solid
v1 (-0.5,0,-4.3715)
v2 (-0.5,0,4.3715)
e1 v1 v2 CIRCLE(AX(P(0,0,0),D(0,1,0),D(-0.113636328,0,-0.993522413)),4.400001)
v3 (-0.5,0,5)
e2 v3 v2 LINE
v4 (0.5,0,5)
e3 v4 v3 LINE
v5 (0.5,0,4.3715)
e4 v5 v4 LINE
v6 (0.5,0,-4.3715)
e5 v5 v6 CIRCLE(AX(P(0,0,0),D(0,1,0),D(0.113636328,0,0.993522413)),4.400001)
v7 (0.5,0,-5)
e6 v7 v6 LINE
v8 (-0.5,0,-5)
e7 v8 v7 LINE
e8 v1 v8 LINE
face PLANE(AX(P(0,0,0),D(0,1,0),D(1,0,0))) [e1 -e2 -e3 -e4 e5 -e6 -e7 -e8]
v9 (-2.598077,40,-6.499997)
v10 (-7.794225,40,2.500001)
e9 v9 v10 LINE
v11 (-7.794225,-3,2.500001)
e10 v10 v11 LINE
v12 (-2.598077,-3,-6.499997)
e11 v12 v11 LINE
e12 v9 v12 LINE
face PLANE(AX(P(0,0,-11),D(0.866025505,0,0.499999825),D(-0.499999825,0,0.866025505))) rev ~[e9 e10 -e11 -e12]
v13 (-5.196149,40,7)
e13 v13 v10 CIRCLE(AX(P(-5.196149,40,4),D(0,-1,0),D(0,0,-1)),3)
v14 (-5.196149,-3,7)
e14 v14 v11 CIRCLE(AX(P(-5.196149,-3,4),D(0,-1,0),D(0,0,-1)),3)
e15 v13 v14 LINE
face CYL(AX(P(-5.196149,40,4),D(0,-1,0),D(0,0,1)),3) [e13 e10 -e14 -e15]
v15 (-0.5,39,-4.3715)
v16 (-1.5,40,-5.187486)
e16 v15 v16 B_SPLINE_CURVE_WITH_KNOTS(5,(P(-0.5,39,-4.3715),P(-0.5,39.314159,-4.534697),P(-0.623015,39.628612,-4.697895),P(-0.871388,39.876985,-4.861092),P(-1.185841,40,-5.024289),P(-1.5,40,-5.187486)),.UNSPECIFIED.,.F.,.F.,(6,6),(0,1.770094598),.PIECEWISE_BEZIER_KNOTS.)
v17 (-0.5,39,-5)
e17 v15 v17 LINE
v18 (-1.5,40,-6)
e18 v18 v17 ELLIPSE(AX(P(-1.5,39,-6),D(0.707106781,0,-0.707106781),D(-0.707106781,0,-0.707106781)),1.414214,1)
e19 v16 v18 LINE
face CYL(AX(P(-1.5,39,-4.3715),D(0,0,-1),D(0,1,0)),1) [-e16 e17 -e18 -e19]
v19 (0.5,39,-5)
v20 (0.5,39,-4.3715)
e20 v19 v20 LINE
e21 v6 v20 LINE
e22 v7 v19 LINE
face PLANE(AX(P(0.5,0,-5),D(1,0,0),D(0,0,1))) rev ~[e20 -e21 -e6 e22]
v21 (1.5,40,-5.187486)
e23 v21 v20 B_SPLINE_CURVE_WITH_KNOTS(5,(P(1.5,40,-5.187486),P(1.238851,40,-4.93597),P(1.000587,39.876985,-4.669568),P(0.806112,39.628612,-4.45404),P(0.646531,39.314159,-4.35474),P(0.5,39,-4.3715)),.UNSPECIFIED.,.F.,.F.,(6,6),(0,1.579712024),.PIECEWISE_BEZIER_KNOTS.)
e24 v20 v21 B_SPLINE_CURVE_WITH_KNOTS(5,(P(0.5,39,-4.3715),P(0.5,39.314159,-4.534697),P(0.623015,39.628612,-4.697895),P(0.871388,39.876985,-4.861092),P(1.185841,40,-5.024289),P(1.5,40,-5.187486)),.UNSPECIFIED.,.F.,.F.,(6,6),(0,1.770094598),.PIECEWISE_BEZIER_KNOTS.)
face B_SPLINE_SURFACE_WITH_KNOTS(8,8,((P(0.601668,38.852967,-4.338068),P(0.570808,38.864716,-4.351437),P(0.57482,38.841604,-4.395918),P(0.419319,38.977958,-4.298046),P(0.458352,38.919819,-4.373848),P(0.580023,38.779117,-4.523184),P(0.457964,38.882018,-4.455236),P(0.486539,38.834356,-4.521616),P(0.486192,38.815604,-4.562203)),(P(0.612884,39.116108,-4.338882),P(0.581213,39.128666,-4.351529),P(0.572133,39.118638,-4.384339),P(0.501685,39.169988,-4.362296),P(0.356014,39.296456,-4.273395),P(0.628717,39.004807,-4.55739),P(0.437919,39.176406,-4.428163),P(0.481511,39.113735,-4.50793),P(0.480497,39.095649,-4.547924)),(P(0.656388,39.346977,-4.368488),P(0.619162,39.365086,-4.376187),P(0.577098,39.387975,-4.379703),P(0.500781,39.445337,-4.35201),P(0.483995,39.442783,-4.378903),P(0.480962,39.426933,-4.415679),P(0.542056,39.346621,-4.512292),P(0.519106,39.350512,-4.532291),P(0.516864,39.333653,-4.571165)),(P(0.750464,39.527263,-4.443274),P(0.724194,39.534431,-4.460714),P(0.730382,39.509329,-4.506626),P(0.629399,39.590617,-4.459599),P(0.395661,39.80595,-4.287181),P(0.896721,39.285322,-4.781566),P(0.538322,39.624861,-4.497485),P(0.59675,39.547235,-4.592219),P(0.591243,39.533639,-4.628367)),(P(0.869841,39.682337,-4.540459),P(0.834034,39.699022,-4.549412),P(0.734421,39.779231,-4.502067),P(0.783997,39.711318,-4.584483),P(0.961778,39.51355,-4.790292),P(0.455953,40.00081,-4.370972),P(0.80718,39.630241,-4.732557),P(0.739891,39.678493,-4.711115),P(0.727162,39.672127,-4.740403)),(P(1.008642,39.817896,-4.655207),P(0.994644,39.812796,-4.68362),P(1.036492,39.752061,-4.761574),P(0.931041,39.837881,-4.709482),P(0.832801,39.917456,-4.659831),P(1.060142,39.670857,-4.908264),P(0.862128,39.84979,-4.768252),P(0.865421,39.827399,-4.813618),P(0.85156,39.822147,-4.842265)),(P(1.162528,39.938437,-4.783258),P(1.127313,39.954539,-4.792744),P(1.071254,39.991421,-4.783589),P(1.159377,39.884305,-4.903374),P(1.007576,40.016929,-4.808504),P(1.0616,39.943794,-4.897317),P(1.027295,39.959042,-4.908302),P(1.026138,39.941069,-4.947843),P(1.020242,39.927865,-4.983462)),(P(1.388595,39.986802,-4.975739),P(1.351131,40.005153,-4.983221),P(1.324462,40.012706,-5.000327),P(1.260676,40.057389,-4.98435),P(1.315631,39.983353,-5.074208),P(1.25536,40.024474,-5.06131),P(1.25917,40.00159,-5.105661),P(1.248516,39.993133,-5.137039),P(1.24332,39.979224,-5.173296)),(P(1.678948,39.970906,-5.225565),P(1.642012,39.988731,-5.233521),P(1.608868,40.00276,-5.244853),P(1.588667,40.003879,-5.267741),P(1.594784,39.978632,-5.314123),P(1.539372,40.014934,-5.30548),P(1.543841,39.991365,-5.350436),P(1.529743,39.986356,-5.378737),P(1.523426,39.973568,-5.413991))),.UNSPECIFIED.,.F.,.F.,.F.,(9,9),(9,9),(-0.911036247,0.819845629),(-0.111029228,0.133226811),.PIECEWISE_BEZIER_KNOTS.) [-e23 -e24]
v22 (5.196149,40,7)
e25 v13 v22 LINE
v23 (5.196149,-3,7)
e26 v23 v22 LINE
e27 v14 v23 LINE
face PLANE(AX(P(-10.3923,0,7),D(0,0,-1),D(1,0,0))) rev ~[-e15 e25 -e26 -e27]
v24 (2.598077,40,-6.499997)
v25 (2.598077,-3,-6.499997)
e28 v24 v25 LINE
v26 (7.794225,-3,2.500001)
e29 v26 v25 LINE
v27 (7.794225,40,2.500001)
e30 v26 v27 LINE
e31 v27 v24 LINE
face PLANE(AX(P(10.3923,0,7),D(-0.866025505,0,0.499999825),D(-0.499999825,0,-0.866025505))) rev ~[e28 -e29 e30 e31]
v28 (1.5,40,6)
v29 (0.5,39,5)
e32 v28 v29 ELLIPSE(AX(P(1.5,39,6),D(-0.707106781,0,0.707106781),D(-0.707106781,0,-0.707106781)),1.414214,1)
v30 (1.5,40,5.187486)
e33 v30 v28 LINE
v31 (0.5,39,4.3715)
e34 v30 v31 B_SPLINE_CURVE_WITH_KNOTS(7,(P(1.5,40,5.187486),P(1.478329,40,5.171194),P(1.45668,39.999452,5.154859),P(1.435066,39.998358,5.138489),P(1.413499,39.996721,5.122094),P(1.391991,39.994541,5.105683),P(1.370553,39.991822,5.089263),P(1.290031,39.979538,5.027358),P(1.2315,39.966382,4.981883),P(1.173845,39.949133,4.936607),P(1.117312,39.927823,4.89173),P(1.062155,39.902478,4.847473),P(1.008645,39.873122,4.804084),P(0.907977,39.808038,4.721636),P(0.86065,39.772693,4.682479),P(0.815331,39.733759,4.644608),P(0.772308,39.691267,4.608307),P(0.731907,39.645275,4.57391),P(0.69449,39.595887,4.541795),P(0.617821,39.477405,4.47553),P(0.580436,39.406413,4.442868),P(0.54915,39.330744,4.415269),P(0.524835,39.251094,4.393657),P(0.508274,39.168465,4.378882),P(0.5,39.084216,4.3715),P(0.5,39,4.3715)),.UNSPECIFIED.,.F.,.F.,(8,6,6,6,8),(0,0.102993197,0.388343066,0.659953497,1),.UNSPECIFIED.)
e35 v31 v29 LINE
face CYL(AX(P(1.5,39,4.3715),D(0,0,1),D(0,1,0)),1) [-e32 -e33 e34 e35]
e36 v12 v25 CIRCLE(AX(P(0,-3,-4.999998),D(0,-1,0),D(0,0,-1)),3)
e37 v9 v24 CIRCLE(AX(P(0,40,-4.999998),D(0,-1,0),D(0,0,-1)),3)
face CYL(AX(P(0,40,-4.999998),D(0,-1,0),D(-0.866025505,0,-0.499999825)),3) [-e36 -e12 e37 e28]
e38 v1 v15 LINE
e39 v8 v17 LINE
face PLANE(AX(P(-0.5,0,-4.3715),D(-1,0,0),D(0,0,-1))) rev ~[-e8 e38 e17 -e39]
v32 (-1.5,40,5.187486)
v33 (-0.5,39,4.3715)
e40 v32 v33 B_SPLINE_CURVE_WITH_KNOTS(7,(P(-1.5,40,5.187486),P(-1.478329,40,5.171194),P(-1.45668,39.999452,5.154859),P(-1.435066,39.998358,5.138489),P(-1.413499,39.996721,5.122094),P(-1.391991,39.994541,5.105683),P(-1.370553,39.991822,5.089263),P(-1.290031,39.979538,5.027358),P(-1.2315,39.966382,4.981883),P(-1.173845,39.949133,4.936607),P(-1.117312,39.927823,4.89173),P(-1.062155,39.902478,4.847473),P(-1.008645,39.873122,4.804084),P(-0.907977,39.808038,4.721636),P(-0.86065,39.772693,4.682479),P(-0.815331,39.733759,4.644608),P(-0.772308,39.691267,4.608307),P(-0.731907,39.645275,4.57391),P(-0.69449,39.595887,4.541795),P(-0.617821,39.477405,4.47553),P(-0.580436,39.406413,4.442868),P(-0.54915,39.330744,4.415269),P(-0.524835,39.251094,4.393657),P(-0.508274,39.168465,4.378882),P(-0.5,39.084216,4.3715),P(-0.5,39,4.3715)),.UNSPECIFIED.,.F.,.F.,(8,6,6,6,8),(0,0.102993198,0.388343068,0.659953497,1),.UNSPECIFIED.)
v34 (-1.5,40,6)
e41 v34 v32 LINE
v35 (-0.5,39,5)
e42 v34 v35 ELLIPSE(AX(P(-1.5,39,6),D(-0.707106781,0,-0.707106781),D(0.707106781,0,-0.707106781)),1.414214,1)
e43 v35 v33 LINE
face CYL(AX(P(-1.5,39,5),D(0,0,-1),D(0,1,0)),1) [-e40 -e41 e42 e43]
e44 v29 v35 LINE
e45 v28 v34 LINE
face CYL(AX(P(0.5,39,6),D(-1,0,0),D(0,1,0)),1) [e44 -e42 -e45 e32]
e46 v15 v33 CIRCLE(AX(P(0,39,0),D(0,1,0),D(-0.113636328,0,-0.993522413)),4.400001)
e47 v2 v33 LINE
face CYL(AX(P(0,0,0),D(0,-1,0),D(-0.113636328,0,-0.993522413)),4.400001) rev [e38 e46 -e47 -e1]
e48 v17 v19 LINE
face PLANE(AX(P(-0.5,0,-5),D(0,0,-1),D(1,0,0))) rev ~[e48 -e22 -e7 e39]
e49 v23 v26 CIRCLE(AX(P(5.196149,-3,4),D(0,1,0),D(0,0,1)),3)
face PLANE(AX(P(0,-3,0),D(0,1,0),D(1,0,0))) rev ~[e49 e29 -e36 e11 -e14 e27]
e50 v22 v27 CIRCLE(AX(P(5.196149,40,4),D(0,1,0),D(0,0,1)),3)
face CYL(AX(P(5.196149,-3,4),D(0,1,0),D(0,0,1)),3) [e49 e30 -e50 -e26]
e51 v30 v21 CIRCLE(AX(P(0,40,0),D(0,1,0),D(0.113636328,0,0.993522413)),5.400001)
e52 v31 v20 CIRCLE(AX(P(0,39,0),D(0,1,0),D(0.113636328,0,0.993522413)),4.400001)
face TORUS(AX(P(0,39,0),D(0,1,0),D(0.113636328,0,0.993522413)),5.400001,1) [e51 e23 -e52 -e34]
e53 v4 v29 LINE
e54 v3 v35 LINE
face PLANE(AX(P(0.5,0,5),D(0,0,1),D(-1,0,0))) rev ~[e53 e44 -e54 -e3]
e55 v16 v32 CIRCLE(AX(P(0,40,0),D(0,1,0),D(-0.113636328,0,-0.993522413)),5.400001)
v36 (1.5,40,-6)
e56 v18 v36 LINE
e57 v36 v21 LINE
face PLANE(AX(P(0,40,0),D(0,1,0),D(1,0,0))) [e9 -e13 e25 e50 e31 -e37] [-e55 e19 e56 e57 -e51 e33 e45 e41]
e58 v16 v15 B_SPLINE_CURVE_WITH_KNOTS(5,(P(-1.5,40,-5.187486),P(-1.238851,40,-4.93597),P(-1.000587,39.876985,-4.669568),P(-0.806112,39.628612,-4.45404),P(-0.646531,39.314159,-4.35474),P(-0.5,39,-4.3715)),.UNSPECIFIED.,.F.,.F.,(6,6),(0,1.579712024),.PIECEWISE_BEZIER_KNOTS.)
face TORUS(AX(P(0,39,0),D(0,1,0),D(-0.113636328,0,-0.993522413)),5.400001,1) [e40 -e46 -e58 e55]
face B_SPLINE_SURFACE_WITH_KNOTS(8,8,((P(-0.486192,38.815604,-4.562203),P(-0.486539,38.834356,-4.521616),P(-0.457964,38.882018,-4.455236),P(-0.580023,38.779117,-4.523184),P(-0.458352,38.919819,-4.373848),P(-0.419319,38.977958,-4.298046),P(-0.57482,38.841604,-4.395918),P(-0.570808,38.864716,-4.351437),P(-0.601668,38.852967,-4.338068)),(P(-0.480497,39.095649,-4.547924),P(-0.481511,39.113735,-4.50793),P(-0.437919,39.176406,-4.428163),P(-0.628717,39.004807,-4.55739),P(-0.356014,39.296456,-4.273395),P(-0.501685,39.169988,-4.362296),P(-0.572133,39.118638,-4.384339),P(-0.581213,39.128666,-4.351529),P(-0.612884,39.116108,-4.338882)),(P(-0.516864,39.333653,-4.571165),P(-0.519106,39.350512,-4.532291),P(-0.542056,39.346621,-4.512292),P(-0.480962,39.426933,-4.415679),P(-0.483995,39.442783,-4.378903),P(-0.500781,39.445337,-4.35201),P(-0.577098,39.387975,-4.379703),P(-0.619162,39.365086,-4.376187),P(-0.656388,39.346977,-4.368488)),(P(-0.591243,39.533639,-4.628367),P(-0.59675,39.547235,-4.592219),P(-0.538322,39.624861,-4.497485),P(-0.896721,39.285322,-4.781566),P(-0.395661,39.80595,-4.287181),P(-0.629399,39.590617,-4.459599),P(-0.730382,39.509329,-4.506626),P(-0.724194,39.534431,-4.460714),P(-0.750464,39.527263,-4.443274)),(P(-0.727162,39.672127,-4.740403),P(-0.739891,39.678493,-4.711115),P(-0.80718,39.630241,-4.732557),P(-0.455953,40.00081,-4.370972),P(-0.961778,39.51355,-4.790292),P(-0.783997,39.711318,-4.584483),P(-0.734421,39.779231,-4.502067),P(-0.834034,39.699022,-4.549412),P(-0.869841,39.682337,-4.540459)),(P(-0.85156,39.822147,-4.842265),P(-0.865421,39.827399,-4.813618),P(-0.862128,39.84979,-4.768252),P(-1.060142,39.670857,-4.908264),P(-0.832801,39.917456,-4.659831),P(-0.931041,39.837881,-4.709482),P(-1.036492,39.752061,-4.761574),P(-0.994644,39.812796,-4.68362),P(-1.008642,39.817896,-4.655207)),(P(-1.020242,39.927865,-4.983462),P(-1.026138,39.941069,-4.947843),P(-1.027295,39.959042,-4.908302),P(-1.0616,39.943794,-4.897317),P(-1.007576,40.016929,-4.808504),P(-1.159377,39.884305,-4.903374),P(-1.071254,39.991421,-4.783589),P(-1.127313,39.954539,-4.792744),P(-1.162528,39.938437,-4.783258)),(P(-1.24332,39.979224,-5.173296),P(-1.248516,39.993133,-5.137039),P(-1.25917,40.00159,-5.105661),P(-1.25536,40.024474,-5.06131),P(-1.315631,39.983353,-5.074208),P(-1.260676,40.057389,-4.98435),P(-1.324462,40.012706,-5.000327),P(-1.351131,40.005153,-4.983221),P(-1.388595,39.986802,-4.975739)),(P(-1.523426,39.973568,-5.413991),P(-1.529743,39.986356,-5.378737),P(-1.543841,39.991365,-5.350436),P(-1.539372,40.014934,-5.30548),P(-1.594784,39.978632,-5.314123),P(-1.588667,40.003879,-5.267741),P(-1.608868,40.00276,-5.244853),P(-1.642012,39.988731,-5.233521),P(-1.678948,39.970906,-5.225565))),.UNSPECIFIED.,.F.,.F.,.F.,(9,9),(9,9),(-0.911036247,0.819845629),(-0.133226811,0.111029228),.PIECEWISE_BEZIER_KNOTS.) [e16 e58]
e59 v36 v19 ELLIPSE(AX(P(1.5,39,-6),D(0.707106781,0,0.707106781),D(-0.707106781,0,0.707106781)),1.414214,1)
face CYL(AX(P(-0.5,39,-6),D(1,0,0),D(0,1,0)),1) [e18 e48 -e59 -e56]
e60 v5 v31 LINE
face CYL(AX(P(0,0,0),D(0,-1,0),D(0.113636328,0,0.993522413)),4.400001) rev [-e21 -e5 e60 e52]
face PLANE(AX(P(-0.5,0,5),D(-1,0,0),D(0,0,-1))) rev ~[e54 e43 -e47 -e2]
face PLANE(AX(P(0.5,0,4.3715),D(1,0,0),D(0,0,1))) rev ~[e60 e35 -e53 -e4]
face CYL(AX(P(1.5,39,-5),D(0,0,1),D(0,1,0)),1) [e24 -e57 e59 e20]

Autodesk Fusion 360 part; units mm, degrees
sketch "Sketch1" plane through (0, 0, 0) normal (0, 1, 0) x (1, 0, 0)
  line L0 (-0.5, 5) -> (0.5, 5)
  line L1 (0.5, -5) -> (-0.5, -5)
  arc A0 (-0.5, 4.3715) -> (-0.5, -4.3715) centre (0, 0) ccw
  arc A1 (0.5, -4.3715) -> (0.5, 4.3715) centre (0, 0) ccw
  line L2 (0.5, 5) -> (0.5, 4.3715)
  line L3 (0.5, -4.3715) -> (0.5, -5)
  line L4 (-0.5, -5) -> (-0.5, -4.3715)
  line L5 (-0.5, 4.3715) -> (-0.5, 5)
  line L6 (10.3923, -7) -> (0, 11)
  line L7 (0, 11) -> (-10.3923, -7)
  line L8 (-10.3923, -7) -> (10.3923, -7)
  point P0 (0, -1)
  point P1 (0, -1)
  dimension "d1" = 8.8
  dimension "d10" = 1
  dimension "d11" = 6
  dimension "d12" = 4.4
extrude "Extrude1" add sketch "Sketch1" along normal blind 40
extrude "Extrude2" add sketch "Sketch1" against normal blind 3 contours L0 L1 A0 A1 L2 L3 L4 L5 | L6 L7 L8
fillet "Fillet1" radius 1 8 edges at (-4.4, 40, 0) (4.4, 40, 0) (-0.5, 40, -4.6857) (0.5, 40, -4.6857) (0, 40, -5) (-0.5, 40, 4.6857) (0, 40, 5) (0.5, 40, 4.6857)
fillet "Fillet2" radius 3 3 edges at (10.3923, 18.5, 7) (-10.3923, 18.5, 7) (0, 18.5, -11)
